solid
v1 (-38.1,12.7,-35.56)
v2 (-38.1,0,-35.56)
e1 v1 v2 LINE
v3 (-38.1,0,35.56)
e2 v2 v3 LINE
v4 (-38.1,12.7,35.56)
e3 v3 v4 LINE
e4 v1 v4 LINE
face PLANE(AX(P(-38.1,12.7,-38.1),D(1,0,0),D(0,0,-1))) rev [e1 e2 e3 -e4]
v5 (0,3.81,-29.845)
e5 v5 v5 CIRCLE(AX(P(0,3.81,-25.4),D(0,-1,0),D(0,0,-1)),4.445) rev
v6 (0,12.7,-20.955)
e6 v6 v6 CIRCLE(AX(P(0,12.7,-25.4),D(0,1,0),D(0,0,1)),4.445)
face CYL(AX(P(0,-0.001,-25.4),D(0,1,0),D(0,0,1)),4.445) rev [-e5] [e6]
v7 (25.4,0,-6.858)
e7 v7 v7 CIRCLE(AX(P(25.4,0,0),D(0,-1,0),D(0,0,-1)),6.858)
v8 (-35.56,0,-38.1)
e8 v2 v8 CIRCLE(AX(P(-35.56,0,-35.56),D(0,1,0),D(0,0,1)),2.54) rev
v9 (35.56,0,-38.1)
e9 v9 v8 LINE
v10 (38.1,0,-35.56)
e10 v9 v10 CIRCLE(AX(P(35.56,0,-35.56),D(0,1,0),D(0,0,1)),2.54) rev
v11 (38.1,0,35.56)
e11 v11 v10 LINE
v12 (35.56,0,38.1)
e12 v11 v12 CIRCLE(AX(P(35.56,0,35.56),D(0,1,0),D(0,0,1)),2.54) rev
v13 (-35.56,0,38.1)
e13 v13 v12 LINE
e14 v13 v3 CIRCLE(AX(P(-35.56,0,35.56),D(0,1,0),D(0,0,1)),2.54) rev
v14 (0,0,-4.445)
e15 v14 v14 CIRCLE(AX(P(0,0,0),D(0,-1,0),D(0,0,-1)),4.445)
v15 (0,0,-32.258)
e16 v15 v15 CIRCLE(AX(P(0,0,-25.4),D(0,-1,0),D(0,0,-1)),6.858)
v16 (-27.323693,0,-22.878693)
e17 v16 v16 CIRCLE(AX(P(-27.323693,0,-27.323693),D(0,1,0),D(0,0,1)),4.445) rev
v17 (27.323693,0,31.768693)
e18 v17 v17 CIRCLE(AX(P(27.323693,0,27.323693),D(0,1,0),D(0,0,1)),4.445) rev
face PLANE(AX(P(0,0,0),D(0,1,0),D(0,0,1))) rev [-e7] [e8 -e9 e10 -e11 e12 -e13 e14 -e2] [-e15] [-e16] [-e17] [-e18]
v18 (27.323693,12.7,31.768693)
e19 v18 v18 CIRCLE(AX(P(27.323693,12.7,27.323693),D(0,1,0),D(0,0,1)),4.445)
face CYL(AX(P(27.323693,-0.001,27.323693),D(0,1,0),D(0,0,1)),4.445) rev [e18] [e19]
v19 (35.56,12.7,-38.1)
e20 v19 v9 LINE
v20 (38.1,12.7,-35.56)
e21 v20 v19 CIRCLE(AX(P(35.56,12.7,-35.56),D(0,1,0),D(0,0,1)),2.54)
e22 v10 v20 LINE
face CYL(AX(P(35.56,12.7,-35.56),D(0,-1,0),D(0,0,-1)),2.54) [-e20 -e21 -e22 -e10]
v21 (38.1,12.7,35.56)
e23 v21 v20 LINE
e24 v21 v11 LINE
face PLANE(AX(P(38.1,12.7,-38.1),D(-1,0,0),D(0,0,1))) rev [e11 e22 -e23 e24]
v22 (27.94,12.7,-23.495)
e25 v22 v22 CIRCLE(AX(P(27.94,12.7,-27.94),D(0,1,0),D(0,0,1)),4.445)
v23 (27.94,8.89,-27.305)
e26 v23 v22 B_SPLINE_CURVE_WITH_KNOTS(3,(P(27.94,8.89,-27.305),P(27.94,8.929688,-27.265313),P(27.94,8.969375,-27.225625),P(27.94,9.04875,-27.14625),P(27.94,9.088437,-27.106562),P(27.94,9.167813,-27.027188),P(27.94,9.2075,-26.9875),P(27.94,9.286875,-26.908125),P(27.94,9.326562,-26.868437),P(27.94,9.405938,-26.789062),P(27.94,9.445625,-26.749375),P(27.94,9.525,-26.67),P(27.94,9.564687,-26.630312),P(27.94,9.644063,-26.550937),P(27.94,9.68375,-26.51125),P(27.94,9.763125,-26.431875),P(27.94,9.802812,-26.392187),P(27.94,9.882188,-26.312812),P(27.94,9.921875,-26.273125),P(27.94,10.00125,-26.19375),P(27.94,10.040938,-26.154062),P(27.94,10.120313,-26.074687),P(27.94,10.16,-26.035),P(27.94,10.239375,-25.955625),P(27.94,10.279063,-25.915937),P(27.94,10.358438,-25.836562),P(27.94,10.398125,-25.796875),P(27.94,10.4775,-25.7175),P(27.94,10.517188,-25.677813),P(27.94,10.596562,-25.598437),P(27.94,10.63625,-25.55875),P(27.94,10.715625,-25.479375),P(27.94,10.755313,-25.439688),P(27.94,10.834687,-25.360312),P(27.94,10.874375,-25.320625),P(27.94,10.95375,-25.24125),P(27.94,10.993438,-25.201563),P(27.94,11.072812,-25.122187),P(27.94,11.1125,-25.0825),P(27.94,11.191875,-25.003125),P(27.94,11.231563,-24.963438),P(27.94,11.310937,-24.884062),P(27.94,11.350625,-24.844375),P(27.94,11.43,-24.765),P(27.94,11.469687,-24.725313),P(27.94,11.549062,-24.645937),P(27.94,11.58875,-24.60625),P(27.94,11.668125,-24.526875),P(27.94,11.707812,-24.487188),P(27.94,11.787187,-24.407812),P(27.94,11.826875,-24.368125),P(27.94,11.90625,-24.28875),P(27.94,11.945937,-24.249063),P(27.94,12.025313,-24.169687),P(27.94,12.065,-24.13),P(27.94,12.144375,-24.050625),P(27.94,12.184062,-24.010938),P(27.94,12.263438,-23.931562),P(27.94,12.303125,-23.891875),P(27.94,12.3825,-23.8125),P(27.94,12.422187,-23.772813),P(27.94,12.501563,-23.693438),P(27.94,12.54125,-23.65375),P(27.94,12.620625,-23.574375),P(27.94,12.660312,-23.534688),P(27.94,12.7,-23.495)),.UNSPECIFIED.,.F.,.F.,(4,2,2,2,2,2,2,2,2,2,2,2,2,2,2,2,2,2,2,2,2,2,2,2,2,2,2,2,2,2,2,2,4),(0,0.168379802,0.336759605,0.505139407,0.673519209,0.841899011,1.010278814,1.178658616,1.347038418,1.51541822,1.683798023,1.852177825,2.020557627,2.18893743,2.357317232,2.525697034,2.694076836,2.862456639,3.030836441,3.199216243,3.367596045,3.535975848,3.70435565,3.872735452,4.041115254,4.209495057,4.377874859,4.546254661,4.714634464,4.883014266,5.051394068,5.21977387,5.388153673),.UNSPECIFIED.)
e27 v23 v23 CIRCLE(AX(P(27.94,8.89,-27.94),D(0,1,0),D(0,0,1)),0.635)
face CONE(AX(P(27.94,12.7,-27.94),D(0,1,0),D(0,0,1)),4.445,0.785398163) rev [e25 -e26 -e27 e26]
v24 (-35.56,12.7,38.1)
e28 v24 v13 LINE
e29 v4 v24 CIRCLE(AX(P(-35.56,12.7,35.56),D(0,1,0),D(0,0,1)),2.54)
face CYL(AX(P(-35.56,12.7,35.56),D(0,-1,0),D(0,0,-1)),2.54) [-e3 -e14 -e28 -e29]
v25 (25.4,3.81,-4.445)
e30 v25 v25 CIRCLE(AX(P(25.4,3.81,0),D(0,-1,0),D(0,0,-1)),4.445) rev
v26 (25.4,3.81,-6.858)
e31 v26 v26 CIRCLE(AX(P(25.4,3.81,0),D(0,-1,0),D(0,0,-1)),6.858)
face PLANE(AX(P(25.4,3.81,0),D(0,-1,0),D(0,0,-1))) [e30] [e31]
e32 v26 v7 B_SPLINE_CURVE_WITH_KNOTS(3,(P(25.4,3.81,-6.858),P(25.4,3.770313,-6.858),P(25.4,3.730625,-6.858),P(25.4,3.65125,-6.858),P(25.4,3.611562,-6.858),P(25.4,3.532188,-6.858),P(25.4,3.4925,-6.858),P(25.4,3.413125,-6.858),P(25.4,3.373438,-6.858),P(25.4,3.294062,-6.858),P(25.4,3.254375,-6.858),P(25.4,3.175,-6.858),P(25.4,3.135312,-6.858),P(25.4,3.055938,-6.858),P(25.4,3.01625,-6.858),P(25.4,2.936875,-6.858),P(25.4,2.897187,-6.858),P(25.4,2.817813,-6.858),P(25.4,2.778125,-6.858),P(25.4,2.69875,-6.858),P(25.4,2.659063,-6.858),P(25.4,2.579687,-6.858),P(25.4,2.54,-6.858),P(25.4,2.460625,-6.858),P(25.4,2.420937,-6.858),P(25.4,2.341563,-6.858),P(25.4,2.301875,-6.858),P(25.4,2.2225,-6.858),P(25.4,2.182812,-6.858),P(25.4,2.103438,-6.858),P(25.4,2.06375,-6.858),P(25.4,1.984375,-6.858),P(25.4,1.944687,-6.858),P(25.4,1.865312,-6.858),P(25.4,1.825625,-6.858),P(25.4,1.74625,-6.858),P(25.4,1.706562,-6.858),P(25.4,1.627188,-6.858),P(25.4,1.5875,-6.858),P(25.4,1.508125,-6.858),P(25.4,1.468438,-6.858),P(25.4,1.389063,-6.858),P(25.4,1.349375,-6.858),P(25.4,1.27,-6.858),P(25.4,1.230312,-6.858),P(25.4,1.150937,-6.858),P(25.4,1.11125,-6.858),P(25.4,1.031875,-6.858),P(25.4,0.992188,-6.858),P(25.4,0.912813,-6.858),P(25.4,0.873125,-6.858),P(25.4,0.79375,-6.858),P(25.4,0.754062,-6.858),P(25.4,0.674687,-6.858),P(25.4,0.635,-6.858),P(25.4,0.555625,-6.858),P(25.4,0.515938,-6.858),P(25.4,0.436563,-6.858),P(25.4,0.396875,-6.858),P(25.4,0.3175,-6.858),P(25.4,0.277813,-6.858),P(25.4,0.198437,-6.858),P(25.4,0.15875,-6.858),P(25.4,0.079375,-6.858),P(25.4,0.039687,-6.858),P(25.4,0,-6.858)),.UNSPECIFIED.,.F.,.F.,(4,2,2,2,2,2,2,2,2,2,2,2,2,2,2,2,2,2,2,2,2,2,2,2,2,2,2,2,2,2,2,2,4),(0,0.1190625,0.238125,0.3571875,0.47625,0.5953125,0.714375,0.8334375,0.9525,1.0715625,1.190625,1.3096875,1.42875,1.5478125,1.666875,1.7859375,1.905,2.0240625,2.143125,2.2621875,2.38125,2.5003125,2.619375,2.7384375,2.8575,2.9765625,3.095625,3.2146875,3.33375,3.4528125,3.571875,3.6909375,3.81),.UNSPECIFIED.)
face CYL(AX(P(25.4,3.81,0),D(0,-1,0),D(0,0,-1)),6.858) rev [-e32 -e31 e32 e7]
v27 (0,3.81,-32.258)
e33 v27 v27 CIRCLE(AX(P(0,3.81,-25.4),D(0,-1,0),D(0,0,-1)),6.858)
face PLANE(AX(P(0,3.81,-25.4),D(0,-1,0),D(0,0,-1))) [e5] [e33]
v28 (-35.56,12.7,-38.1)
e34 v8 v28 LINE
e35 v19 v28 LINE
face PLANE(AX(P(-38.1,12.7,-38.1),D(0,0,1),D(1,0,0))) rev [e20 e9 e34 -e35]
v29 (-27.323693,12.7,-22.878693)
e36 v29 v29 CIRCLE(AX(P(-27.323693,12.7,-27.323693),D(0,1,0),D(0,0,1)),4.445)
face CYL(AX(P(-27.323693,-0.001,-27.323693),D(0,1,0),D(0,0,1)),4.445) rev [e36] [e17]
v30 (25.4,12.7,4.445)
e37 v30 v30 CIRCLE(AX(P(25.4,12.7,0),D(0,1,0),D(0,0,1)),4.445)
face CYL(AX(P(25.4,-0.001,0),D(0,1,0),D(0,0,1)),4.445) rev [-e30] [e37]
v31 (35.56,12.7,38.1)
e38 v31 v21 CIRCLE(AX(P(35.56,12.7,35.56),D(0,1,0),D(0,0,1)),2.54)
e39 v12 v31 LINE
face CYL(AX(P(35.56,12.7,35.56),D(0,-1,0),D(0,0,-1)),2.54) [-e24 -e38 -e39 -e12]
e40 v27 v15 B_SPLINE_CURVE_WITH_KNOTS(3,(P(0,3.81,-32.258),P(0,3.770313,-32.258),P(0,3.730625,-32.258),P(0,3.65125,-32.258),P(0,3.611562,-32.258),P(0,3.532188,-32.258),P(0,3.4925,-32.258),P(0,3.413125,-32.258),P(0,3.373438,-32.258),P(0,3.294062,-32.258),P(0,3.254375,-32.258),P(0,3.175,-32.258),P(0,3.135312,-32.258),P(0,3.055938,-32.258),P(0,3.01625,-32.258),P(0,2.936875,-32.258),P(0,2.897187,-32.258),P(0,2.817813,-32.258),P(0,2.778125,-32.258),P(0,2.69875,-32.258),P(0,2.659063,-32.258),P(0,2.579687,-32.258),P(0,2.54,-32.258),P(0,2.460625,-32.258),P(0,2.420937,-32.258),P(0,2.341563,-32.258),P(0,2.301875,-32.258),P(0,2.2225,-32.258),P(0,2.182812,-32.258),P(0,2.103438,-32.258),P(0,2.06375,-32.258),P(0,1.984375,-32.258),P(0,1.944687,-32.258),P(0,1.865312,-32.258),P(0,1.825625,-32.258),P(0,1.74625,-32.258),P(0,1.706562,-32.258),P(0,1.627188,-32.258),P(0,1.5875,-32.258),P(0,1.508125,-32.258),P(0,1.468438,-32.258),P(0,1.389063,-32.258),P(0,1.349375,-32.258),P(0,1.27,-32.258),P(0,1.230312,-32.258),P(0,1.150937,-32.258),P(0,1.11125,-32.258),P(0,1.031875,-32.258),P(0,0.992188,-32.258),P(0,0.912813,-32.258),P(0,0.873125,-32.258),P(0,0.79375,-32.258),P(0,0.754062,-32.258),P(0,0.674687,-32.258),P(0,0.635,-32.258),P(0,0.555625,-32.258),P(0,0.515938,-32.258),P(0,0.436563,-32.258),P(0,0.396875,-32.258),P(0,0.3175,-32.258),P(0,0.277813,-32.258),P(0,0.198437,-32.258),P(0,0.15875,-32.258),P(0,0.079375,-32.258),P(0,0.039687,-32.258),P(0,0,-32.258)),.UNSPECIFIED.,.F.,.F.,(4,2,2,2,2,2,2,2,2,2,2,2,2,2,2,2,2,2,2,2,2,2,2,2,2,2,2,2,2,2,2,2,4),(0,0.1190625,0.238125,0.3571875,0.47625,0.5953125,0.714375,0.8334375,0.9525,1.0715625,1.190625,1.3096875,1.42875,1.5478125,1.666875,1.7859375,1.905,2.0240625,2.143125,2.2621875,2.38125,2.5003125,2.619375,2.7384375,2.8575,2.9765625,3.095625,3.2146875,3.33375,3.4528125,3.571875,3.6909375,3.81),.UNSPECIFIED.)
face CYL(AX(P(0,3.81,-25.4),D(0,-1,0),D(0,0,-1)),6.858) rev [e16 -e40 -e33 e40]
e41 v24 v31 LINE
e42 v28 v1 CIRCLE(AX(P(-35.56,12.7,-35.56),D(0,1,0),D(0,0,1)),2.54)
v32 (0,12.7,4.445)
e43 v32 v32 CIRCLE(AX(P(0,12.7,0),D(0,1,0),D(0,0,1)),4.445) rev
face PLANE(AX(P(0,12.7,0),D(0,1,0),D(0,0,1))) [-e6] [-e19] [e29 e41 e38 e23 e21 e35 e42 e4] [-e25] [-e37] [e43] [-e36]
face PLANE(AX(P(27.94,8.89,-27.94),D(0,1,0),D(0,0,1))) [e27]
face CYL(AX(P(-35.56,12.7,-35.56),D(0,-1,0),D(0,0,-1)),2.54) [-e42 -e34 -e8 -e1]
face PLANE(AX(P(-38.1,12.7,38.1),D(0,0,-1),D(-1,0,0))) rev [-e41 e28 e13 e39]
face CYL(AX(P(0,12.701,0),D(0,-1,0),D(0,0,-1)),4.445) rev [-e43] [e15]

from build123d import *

# Parameters (mm, degrees)
SKETCH1_W           = 76.2
SKETCH1_H           = 76.2
BOSS_EXTRUDE1_DEPTH = 12.7
CUT_EXTRUDE1_REACH  = 57.358
SKETCH2_R           = 4.445
CUT_EXTRUDE2_REACH  = 57.358
SKETCH6_R           = 4.445
SKETCH7_R           = 4.445
CUT_EXTRUDE3_DEPTH  = 3.81
CUT_EXTRUDE3_DRAFT  = -45
CUT_EXTRUDE4_REACH  = 57.358
SKETCH12_R          = 4.445
SKETCH13_R          = 6.858
CUT_EXTRUDE5_DEPTH  = 3.81
FILLET1_R           = 2.54


with BuildPart() as part:
    # Sketch1 → Boss-Extrude1 (new body)
    with BuildSketch(Plane(origin=(0, 0, 0), x_dir=(1, 0, 0), z_dir=(0, 1, 0))):
        Rectangle(SKETCH1_W, SKETCH1_H)
    extrude(amount=BOSS_EXTRUDE1_DEPTH)

    # Sketch2 → Cut-Extrude1 (cut, up to next)
    with BuildSketch(Plane.XZ, mode=Mode.PRIVATE) as cut_extrude1_sk1:
        with Locations(Location((0, 0, 0), (0, 0, 270))):
            Circle(SKETCH2_R)
    cut_extrude1_tool1 = extrude(cut_extrude1_sk1.sketch, amount=-CUT_EXTRUDE1_REACH, mode=Mode.PRIVATE) & part.part
    add(cut_extrude1_tool1.solids().sort_by_distance((0, 0, 0))[0], mode=Mode.SUBTRACT)

    # Sketch6 → Cut-Extrude2 (cut, up to next)
    with BuildSketch(Plane(origin=(0, 12.7, 0), x_dir=(1, 0, 0), z_dir=(0, 1, 0)), mode=Mode.PRIVATE) as cut_extrude2_sk1:
        with Locations(Location((-27.323692655, 27.323692655, 0), (0, 0, 270))):
            Circle(SKETCH6_R)
    cut_extrude2_tool1 = extrude(cut_extrude2_sk1.sketch, amount=-CUT_EXTRUDE2_REACH, mode=Mode.PRIVATE) & part.part
    # Sketch6 → Cut-Extrude2 (cut, up to next)
    with BuildSketch(Plane(origin=(0, 12.7, 0), x_dir=(1, 0, 0), z_dir=(0, 1, 0)), mode=Mode.PRIVATE) as cut_extrude2_sk2:
        with Locations(Location((27.323692655, -27.323692655, 0), (0, 0, 270))):
            Circle(SKETCH6_R)
    cut_extrude2_tool2 = extrude(cut_extrude2_sk2.sketch, amount=-CUT_EXTRUDE2_REACH, mode=Mode.PRIVATE) & part.part
    add(cut_extrude2_tool1.solids().sort_by_distance((-27.323693, 12.7, -27.323693))[0], mode=Mode.SUBTRACT)
    add(cut_extrude2_tool2.solids().sort_by_distance((27.323693, 12.7, 27.323693))[0], mode=Mode.SUBTRACT)


with BuildPart() as cut_extrude3_tool:
    # Sketch7 → Cut-Extrude3 (with draft: the straight prism first)
    with BuildSketch(Plane(origin=(0, 12.7, 0), x_dir=(1, 0, 0), z_dir=(0, 1, 0))):
        with Locations((27.94, 27.94)):
            Circle(SKETCH7_R)
    extrude(amount=-CUT_EXTRUDE3_DEPTH)
    # Cut-Extrude3: the draft: its side faces are tilted about the plane it starts from
    cut_extrude3_sides = [cut_extrude3_tool.faces().sort_by_distance(p)[0] for p in [
        (23.495, 10.795, -27.94),
    ]]
    draft(cut_extrude3_sides, Plane(origin=(0, 12.7, 0), x_dir=(1, 0, 0), z_dir=(0, 1, 0)), CUT_EXTRUDE3_DRAFT)


with BuildPart() as part_1:
    add(part.part)

    # Cut-Extrude3: cut by cut_extrude3_tool
    add(cut_extrude3_tool.part, mode=Mode.SUBTRACT)

    # Sketch12 → Cut-Extrude4 (cut, up to next)
    with BuildSketch(Plane(origin=(0, 12.7, 0), x_dir=(1, 0, 0), z_dir=(0, 1, 0)), mode=Mode.PRIVATE) as cut_extrude4_sk1:
        with Locations(Location((0, 25.4, 0), (0, 0, 270))):
            Circle(SKETCH12_R)
    cut_extrude4_tool1 = extrude(cut_extrude4_sk1.sketch, amount=-CUT_EXTRUDE4_REACH, mode=Mode.PRIVATE) & part_1.part
    # Sketch12 → Cut-Extrude4 (cut, up to next)
    with BuildSketch(Plane(origin=(0, 12.7, 0), x_dir=(1, 0, 0), z_dir=(0, 1, 0)), mode=Mode.PRIVATE) as cut_extrude4_sk2:
        with Locations(Location((25.4, 0, 0), (0, 0, 270))):
            Circle(SKETCH12_R)
    cut_extrude4_tool2 = extrude(cut_extrude4_sk2.sketch, amount=-CUT_EXTRUDE4_REACH, mode=Mode.PRIVATE) & part_1.part
    add(cut_extrude4_tool1.solids().sort_by_distance((0, 12.7, -25.4))[0], mode=Mode.SUBTRACT)
    add(cut_extrude4_tool2.solids().sort_by_distance((25.4, 12.7, 0))[0], mode=Mode.SUBTRACT)

    # Sketch13 → Cut-Extrude5 (cut)
    with BuildSketch(Plane.XZ):
        with Locations(Location((0, -25.4, 0), (0, 0, 270))):
            Circle(SKETCH13_R)
        with Locations(Location((25.4, 0, 0), (0, 0, 270))):
            Circle(SKETCH13_R)
    extrude(amount=-CUT_EXTRUDE5_DEPTH, mode=Mode.SUBTRACT)

    # Fillet1
    fillet1_edges = [part_1.edges().sort_by_distance(p)[0] for p in [
        (38.1, 6.35, 38.1),
        (-38.1, 6.35, 38.1),
        (-38.1, 6.35, -38.1),
        (38.1, 6.35, -38.1),
    ]]
    fillet(fillet1_edges, radius=FILLET1_R)


solid = part_1.part
